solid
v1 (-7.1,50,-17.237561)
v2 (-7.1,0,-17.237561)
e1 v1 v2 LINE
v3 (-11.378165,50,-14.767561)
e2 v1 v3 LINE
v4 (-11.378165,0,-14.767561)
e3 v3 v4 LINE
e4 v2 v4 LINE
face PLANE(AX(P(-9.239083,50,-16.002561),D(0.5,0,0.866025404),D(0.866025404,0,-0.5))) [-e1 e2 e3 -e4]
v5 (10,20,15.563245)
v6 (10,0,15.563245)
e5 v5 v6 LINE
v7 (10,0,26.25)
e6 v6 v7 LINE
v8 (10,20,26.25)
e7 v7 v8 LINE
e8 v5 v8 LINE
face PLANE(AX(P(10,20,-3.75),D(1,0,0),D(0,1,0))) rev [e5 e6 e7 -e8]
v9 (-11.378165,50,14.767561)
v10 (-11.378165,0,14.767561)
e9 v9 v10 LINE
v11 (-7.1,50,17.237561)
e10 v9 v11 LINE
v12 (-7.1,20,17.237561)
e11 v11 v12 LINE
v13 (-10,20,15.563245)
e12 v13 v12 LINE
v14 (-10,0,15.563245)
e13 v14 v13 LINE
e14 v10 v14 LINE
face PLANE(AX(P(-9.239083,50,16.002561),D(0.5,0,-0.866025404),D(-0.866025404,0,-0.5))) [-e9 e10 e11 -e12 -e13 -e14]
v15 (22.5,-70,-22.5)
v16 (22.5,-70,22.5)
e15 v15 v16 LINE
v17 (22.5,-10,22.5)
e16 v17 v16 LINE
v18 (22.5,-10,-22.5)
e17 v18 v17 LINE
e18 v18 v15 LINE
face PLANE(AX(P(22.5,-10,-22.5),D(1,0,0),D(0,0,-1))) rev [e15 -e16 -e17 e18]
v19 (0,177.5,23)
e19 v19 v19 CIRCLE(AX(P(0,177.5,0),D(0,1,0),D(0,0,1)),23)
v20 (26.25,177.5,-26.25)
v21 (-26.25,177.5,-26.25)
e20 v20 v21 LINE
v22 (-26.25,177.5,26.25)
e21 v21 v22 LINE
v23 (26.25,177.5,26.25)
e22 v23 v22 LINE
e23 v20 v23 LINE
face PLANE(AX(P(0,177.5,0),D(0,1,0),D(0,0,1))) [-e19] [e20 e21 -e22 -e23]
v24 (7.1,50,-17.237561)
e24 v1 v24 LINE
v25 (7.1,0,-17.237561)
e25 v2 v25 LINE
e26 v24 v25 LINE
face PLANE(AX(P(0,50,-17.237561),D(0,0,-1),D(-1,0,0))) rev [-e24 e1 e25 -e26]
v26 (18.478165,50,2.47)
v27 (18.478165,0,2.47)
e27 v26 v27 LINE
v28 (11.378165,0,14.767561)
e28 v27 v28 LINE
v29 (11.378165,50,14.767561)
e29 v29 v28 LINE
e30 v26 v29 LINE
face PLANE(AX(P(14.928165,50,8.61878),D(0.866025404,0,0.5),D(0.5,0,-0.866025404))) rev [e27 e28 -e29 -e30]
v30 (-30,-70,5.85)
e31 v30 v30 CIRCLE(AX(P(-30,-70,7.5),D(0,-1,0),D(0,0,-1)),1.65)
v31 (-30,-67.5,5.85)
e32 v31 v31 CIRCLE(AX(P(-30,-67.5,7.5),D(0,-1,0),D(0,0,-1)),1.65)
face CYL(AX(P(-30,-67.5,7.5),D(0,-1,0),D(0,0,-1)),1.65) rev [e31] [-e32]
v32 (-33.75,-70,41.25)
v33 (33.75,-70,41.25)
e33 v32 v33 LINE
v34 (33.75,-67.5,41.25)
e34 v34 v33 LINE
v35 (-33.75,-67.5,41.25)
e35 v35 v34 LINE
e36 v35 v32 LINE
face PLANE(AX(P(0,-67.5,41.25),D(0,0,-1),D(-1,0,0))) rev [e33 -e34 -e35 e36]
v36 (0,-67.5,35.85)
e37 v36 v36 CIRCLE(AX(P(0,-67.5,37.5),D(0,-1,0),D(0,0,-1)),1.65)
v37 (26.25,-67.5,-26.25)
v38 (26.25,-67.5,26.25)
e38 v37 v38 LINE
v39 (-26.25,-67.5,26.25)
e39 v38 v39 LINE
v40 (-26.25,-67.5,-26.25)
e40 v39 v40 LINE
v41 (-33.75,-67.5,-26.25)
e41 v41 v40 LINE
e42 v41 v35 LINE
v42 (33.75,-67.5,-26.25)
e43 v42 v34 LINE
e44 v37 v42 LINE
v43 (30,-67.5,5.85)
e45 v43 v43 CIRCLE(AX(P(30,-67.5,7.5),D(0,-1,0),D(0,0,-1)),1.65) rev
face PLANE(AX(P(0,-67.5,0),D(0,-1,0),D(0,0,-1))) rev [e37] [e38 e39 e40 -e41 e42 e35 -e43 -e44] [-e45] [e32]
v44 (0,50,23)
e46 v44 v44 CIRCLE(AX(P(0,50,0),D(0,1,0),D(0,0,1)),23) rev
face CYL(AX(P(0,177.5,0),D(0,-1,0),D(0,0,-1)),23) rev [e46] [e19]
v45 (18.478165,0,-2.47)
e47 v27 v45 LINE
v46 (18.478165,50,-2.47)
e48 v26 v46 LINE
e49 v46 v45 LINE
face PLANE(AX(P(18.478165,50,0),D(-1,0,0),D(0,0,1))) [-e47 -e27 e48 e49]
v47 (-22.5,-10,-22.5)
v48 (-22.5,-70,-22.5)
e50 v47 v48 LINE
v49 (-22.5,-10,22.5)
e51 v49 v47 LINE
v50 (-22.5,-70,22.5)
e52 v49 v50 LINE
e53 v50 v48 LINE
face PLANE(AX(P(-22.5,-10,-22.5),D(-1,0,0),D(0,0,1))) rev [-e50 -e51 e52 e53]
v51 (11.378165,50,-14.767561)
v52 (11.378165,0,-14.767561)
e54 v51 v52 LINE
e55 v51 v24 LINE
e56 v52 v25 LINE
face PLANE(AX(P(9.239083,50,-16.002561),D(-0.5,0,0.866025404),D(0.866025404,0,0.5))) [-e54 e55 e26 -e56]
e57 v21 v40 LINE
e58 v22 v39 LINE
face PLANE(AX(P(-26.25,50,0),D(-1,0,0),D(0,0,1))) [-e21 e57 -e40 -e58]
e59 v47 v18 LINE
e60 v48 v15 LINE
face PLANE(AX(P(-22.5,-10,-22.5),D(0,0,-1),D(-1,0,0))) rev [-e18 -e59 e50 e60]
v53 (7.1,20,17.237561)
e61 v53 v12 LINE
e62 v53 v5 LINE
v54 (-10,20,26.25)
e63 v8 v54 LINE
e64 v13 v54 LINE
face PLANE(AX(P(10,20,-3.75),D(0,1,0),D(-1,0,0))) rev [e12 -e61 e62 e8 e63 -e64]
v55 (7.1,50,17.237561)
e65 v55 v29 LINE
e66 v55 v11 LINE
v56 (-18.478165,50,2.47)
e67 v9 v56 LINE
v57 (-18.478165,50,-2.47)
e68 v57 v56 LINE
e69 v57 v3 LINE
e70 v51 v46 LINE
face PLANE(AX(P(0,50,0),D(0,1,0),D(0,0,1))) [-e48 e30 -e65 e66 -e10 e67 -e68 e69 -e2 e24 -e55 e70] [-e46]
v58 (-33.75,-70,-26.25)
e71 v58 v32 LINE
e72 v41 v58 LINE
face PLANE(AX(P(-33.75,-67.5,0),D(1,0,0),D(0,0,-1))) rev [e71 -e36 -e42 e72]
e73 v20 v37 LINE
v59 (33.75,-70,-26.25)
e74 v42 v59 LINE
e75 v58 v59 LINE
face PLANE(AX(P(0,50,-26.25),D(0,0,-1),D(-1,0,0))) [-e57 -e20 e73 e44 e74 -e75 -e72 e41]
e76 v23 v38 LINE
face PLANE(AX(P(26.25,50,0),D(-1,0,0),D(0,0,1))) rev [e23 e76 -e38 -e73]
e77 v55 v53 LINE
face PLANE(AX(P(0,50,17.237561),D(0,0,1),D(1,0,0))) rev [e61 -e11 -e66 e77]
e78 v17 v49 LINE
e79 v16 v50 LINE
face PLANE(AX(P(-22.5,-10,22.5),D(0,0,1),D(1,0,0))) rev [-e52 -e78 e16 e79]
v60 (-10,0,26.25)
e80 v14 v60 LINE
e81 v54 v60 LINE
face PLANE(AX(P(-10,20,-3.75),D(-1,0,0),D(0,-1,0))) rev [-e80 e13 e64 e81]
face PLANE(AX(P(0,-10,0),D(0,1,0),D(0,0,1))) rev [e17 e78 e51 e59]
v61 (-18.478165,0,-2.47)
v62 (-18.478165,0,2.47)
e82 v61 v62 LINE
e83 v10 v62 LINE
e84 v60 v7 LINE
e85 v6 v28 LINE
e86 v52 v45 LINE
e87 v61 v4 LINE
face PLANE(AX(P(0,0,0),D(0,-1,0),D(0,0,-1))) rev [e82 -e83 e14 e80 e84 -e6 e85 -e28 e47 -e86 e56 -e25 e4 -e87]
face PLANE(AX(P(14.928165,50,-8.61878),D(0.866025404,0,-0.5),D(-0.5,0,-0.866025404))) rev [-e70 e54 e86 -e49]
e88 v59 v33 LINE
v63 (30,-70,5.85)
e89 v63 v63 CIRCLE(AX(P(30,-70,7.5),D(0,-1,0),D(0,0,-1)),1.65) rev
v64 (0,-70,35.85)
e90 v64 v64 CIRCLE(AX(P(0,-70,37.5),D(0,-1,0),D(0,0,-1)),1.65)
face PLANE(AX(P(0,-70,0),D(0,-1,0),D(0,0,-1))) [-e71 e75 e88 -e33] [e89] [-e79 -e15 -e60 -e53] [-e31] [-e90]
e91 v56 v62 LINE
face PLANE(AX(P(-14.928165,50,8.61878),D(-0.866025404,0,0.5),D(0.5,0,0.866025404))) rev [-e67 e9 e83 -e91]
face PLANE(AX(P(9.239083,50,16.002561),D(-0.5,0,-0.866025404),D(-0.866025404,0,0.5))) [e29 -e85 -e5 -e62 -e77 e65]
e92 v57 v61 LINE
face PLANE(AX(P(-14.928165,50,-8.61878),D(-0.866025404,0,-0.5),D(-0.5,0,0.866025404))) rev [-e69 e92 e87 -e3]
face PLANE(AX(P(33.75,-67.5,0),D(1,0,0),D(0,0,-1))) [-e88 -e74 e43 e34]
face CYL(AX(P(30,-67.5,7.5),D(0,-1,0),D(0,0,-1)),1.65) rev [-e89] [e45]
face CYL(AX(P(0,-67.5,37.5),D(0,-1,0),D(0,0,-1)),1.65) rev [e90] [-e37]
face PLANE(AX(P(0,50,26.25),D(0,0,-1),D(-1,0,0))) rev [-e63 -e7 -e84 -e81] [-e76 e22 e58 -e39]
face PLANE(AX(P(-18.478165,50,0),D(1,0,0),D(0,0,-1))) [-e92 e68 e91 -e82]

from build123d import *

# Parameters (mm, degrees)
BOSS_EXTRUDE1_DEPTH = 50
BOSS_EXTRUDE2_START = 50
SKETCH2_3_R         = 23
BOSS_EXTRUDE2_DEPTH = 127.5
BOSS_EXTRUDE3_DEPTH = 177.5
SKETCH3_W           = 52.5
SKETCH3_H           = 52.5
BOSS_EXTRUDE4_DEPTH = 70
SKETCH6_W           = 20
SKETCH6_H           = 20
CUT_EXTRUDE7_DEPTH  = 30
SKETCH5_W           = 67.5
SKETCH5_H           = 67.5
SKETCH5_R           = 1.65
SKETCH5_W_2         = 47.5
SKETCH5_H_2         = 47.5
BOSS_EXTRUDE7_DEPTH = 2.5
SKETCH8_W           = 45
SKETCH8_H           = 45
CUT_EXTRUDE9_DEPTH  = 60


with BuildPart() as part:
    # Sketch2 → Boss-Extrude1 (new body)
    with BuildSketch(Plane(origin=(0, 0, 0), x_dir=(1, 0, 0), z_dir=(0, 1, 0))):
        with BuildLine():
            ThreePointArc((-26.25, -11.459990061), (-20.253319138, -20.253319138), (-11.459990061, -26.25))
            Line((-11.459990061, -26.25), (11.459990061, -26.25))
            ThreePointArc((11.459990061, -26.25), (20.253319138, -20.253319138), (26.25, -11.459990061))
            Line((26.25, -11.459990061), (26.25, 11.459990061))
            ThreePointArc((26.25, 11.459990061), (20.253319138, 20.253319138), (11.459990061, 26.25))
            Line((11.459990061, 26.25), (-11.459990061, 26.25))
            ThreePointArc((-11.459990061, 26.25), (-20.253319138, 20.253319138), (-26.25, 11.459990061))
            Line((-26.25, 11.459990061), (-26.25, -11.459990061))
        make_face()
        Polygon((-7.1, 17.237560734), (7.1, 17.237560734), (11.378165495, 14.767560734), (18.478165495, 2.47), (18.478165495, -2.47), (11.378165495, -14.767560734), (7.1, -17.237560734), (-7.1, -17.237560734), (-11.378165495, -14.767560734), (-18.478165495, -2.47), (-18.478165495, 2.47), (-11.378165495, 14.767560734), align=None, mode=Mode.SUBTRACT)
    extrude(amount=BOSS_EXTRUDE1_DEPTH)

    # Sketch2<3> → Boss-Extrude2 (add)
    with BuildSketch(Plane(origin=(0, 0, 0), x_dir=(1, 0, 0), z_dir=(0, 1, 0)).offset(BOSS_EXTRUDE2_START)):
        with BuildLine():
            ThreePointArc((-26.25, -11.459990061), (-20.253319138, -20.253319138), (-11.459990061, -26.25))
            Line((-11.459990061, -26.25), (11.459990061, -26.25))
            ThreePointArc((11.459990061, -26.25), (20.253319138, -20.253319138), (26.25, -11.459990061))
            Line((26.25, -11.459990061), (26.25, 11.459990061))
            ThreePointArc((26.25, 11.459990061), (20.253319138, 20.253319138), (11.459990061, 26.25))
            Line((11.459990061, 26.25), (-11.459990061, 26.25))
            ThreePointArc((-11.459990061, 26.25), (-20.253319138, 20.253319138), (-26.25, 11.459990061))
            Line((-26.25, 11.459990061), (-26.25, -11.459990061))
        make_face()
        with Locations(Location((0, 0, 0), (0, 0, 270))):
            Circle(SKETCH2_3_R, mode=Mode.SUBTRACT)
    extrude(amount=BOSS_EXTRUDE2_DEPTH)

    # Sketch2<4> → Boss-Extrude3 (add)
    with BuildSketch(Plane(origin=(0, 0, 0), x_dir=(1, 0, 0), z_dir=(0, 1, 0))):
        with BuildLine():
            Line((-26.25, 26.25), (-26.25, 11.459990061))
            ThreePointArc((-26.25, 11.459990061), (-20.253319138, 20.253319138), (-11.459990061, 26.25))
            Line((-11.459990061, 26.25), (-26.25, 26.25))
        make_face()
        with BuildLine():
            ThreePointArc((11.459990061, 26.25), (20.253319138, 20.253319138), (26.25, 11.459990061))
            Line((26.25, 11.459990061), (26.25, 26.25))
            Line((26.25, 26.25), (11.459990061, 26.25))
        make_face()
        with BuildLine():
            ThreePointArc((26.25, -11.459990061), (20.253319138, -20.253319138), (11.459990061, -26.25))
            Line((11.459990061, -26.25), (26.25, -26.25))
            Line((26.25, -26.25), (26.25, -11.459990061))
        make_face()
        with BuildLine():
            Line((-26.25, -11.459990061), (-26.25, -26.25))
            Line((-26.25, -26.25), (-11.459990061, -26.25))
            ThreePointArc((-11.459990061, -26.25), (-20.253319138, -20.253319138), (-26.25, -11.459990061))
        make_face()
    extrude(amount=BOSS_EXTRUDE3_DEPTH)

    # Sketch3 → Boss-Extrude4 (add)
    with BuildSketch(Plane.XZ):
        Rectangle(SKETCH3_W, SKETCH3_H)
    extrude(amount=BOSS_EXTRUDE4_DEPTH)

    # Sketch6 → Cut-Extrude7 (cut)
    with BuildSketch(Plane.XY.offset(26.25)):
        with Locations((0, 10)):
            Rectangle(SKETCH6_W, SKETCH6_H)
    extrude(amount=-CUT_EXTRUDE7_DEPTH, mode=Mode.SUBTRACT)

    # Sketch5 → Boss-Extrude7 (add)
    with BuildSketch(Plane.XZ.offset(70)):
        with Locations((0, 7.5)):
            Rectangle(SKETCH5_W, SKETCH5_H)
        with Locations(Location((0, 37.5, 0), (0, 0, 270))):
            Circle(SKETCH5_R, mode=Mode.SUBTRACT)
        with Locations(Location((-30, 7.5, 0), (0, 0, 270))):
            Circle(SKETCH5_R, mode=Mode.SUBTRACT)
        with Locations(Location((30, 7.5, 0), (0, 0, 270))):
            Circle(SKETCH5_R, mode=Mode.SUBTRACT)
        Rectangle(SKETCH5_W_2, SKETCH5_H_2, mode=Mode.SUBTRACT)
    extrude(amount=-BOSS_EXTRUDE7_DEPTH)

    # Sketch8 → Cut-Extrude9 (cut)
    with BuildSketch(Plane.XZ.offset(70)):
        Rectangle(SKETCH8_W, SKETCH8_H)
    extrude(amount=-CUT_EXTRUDE9_DEPTH, mode=Mode.SUBTRACT)


solid = part.part
